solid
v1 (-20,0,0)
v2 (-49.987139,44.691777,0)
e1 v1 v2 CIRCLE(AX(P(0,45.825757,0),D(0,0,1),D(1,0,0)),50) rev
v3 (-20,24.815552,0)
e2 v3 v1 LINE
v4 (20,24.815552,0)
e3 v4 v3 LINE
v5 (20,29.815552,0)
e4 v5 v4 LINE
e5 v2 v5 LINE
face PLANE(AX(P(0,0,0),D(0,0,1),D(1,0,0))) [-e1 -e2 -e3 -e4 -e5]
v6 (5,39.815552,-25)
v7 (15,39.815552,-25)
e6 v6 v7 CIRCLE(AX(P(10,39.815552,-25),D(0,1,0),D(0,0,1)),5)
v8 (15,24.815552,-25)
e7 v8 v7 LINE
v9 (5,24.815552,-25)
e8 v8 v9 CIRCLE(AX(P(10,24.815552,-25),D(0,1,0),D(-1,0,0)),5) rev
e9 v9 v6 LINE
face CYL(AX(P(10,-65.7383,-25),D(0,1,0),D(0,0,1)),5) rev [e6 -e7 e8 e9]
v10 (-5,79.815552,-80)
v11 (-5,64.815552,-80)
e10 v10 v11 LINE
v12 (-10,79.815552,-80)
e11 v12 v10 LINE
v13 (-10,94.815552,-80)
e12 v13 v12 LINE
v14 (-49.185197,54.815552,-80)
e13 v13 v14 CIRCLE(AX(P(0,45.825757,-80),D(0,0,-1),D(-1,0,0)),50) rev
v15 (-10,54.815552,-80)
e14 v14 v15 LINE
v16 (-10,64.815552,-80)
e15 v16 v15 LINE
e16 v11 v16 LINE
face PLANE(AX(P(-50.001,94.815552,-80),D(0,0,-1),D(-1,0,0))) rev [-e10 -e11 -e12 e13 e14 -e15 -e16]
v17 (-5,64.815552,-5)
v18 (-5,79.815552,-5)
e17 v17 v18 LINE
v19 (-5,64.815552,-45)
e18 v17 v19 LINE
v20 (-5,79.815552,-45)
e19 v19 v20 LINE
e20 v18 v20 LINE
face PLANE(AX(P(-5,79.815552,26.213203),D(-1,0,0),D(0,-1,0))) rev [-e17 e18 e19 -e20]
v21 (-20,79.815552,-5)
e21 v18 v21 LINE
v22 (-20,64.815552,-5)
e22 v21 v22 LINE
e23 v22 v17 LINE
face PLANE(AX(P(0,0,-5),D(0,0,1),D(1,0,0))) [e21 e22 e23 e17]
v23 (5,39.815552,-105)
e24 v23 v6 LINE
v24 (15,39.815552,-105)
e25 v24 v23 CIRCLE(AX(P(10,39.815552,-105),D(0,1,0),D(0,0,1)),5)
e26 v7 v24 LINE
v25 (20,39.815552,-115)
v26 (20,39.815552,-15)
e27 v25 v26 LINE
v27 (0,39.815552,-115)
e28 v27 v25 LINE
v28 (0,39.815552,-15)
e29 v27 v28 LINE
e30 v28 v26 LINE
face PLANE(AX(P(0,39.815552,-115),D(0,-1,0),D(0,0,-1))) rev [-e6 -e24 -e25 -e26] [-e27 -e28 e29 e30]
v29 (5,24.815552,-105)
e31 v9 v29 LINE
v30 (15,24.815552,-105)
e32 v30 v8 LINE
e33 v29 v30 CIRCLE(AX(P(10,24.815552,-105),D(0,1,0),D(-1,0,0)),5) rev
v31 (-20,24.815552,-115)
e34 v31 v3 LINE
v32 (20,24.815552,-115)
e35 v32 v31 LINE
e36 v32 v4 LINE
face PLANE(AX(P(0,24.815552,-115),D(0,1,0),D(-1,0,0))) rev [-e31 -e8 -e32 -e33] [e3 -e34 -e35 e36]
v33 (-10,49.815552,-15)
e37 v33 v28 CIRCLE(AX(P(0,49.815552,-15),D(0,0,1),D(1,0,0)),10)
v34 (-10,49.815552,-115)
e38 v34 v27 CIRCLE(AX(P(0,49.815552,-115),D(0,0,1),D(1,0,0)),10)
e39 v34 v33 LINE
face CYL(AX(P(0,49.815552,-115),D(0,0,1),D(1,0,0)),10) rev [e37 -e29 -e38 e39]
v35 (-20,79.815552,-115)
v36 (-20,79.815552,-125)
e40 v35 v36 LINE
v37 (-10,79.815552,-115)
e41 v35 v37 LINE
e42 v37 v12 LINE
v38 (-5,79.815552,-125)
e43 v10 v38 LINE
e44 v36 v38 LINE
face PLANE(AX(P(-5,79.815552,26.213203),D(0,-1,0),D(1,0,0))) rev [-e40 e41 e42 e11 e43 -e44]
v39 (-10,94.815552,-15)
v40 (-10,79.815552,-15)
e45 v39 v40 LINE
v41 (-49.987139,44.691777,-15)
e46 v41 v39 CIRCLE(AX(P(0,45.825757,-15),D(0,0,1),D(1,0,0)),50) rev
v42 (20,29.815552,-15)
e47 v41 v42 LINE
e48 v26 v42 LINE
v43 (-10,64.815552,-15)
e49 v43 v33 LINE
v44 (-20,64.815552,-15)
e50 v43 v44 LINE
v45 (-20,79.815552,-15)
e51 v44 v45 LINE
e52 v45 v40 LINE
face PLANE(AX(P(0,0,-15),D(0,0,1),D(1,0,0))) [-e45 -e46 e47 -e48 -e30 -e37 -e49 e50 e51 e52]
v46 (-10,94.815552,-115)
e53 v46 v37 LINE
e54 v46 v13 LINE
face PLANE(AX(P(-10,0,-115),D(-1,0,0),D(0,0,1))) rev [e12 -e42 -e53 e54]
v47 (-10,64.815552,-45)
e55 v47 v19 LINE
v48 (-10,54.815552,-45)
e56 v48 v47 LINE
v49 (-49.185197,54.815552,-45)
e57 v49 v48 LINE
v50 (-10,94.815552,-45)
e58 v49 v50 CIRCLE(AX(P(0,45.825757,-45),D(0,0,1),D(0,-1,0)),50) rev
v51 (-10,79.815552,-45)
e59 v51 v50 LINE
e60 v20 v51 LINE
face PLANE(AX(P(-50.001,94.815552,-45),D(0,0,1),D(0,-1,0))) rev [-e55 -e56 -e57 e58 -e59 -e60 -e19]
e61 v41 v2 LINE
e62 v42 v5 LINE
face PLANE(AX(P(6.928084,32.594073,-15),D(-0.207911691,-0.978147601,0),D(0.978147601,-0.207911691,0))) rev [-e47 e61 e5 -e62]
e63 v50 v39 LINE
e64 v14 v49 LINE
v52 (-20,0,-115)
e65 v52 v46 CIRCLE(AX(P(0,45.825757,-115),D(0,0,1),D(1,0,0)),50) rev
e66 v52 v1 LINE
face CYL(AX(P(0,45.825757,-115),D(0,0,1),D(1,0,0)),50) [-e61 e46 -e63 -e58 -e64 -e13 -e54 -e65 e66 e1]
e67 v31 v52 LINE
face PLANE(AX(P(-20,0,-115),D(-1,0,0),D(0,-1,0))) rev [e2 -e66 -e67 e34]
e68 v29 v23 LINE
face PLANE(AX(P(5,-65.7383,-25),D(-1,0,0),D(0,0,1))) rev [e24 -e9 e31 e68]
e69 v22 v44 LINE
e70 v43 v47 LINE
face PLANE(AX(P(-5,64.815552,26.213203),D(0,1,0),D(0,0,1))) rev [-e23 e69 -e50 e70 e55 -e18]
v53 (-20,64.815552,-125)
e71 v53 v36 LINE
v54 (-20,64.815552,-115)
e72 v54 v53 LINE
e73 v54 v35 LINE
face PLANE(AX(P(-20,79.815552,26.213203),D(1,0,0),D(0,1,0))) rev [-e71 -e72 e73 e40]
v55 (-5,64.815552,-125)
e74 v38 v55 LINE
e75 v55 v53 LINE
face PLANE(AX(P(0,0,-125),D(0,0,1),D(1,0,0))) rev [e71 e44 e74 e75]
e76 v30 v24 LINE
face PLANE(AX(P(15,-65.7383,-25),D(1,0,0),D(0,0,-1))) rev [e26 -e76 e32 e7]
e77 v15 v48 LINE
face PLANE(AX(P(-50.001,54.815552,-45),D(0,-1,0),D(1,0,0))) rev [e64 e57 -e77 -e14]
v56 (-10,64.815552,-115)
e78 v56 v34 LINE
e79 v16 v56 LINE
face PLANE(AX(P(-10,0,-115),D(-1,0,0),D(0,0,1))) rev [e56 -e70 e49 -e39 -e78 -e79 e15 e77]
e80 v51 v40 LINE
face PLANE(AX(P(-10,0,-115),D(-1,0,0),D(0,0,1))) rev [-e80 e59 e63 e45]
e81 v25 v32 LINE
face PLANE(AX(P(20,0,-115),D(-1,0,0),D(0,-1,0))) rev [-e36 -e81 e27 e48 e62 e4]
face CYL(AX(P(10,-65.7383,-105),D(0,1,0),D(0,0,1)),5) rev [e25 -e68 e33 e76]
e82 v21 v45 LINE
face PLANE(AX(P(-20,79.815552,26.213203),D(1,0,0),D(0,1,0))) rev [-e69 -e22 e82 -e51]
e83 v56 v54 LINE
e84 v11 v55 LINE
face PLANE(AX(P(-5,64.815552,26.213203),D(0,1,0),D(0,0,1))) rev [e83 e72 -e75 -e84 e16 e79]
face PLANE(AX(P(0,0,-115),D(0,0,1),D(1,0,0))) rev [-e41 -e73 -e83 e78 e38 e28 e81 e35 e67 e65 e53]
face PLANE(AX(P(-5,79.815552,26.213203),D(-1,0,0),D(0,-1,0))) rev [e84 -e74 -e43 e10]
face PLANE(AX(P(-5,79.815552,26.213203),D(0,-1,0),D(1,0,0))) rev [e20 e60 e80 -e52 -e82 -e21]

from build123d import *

# Parameters (mm, degrees)
SKETCH1_W                = 10
SKETCH1_H                = 15
BOSS_EXTRUDE1_DEPTH      = 115
SKETCH1_5_W              = 10
SKETCH1_5_H              = 15
CUT_EXTRUDE1_DEPTH       = 15
SKETCH6_W                = 15
SKETCH6_H                = 15
BOSS_EXTRUDE3_DEPTH      = 52.5
BOSS_EXTRUDE3_DEPTH_BACK = 67.5
CUT_EXTRUDE2_REACH       = 47
SKETCH7_W                = 35
SKETCH7_H                = 40
CUT_EXTRUDE3_DEPTH       = 15


with BuildPart() as part:
    # Sketch1 → Boss-Extrude1 (new body)
    with BuildSketch(Plane.XY):
        with BuildLine():
            Line((-10, 79.815551805), (-10, 94.815551805))
            ThreePointArc((-10, 94.815551805), (-39.085961763, 77.007283421), (-49.987139252, 44.691777486))
            Line((-49.987139252, 44.691777486), (20, 29.815551805))
            Line((20, 29.815551805), (20, 39.815551805))
            Line((20, 39.815551805), (0, 39.815551805))
            ThreePointArc((0, 39.815551805), (-7.071067812, 42.744483993), (-10, 49.815551805))
            Line((-10, 49.815551805), (-10, 64.815551805))
            Line((-10, 64.815551805), (-20, 64.815551805))
            Line((-20, 64.815551805), (-20, 79.815551805))
            Line((-20, 79.815551805), (-10, 79.815551805))
        make_face()
        with BuildLine():
            Line((20, 29.815551805), (-49.987139252, 44.691777486))
            ThreePointArc((-49.987139252, 44.691777486), (-41.519738184, 17.96698201), (-20, 0))
            Line((-20, 0), (-20, 24.815551805))
            Line((-20, 24.815551805), (20, 24.815551805))
            Line((20, 24.815551805), (20, 29.815551805))
        make_face()
        with Locations((-15, 72.315551805)):
            Rectangle(SKETCH1_W, SKETCH1_H)
    extrude(amount=-BOSS_EXTRUDE1_DEPTH)

    # Sketch1<5> → Cut-Extrude1 (cut)
    with BuildSketch(Plane.XY):
        with BuildLine():
            Line((-10, 79.815551805), (-10, 94.815551805))
            ThreePointArc((-10, 94.815551805), (-39.085961763, 77.007283421), (-49.987139252, 44.691777486))
            Line((-49.987139252, 44.691777486), (20, 29.815551805))
            Line((20, 29.815551805), (20, 39.815551805))
            Line((20, 39.815551805), (0, 39.815551805))
            ThreePointArc((0, 39.815551805), (-7.071067812, 42.744483993), (-10, 49.815551805))
            Line((-10, 49.815551805), (-10, 64.815551805))
            Line((-10, 64.815551805), (-20, 64.815551805))
            Line((-20, 64.815551805), (-20, 79.815551805))
            Line((-20, 79.815551805), (-10, 79.815551805))
        make_face()
        with Locations((-15, 72.315551805)):
            Rectangle(SKETCH1_5_W, SKETCH1_5_H)
    extrude(amount=-CUT_EXTRUDE1_DEPTH, mode=Mode.SUBTRACT)

    # Sketch6 → Boss-Extrude3 (add, two sides)
    with BuildSketch(Plane.XY.offset(-57.5)) as boss_extrude3_sk:
        with Locations((-12.5, 72.315551805)):
            Rectangle(SKETCH6_W, SKETCH6_H)
    extrude(amount=BOSS_EXTRUDE3_DEPTH)
    extrude(boss_extrude3_sk.sketch, amount=-BOSS_EXTRUDE3_DEPTH_BACK)

    # Sketch7 → Cut-Extrude2 (cut, up to next)
    with BuildSketch(Plane(origin=(-5, 0, 0), x_dir=(0, 0, -1), z_dir=(1, 0, 0)), mode=Mode.PRIVATE) as cut_extrude2_sk1:
        with Locations((62.5, 74.815551805)):
            Rectangle(SKETCH7_W, SKETCH7_H)
    cut_extrude2_tool1 = extrude(cut_extrude2_sk1.sketch, amount=-CUT_EXTRUDE2_REACH, mode=Mode.PRIVATE) & part.part
    add(cut_extrude2_tool1.solids().sort_by_distance((-5, 74.815552, -62.5))[0], mode=Mode.SUBTRACT)

    # Sketch8 → Cut-Extrude3 (cut)
    with BuildSketch(Plane(origin=(0, 39.815551805, 0), x_dir=(1, 0, 0), z_dir=(0, 1, 0))):
        with BuildLine():
            Line((5, 25), (5, 105))
            ThreePointArc((5, 105), (10, 110), (15, 105))
            Line((15, 105), (15, 25))
            ThreePointArc((15, 25), (10, 20), (5, 25))
        make_face()
    extrude(amount=-CUT_EXTRUDE3_DEPTH, mode=Mode.SUBTRACT)


solid = part.part
